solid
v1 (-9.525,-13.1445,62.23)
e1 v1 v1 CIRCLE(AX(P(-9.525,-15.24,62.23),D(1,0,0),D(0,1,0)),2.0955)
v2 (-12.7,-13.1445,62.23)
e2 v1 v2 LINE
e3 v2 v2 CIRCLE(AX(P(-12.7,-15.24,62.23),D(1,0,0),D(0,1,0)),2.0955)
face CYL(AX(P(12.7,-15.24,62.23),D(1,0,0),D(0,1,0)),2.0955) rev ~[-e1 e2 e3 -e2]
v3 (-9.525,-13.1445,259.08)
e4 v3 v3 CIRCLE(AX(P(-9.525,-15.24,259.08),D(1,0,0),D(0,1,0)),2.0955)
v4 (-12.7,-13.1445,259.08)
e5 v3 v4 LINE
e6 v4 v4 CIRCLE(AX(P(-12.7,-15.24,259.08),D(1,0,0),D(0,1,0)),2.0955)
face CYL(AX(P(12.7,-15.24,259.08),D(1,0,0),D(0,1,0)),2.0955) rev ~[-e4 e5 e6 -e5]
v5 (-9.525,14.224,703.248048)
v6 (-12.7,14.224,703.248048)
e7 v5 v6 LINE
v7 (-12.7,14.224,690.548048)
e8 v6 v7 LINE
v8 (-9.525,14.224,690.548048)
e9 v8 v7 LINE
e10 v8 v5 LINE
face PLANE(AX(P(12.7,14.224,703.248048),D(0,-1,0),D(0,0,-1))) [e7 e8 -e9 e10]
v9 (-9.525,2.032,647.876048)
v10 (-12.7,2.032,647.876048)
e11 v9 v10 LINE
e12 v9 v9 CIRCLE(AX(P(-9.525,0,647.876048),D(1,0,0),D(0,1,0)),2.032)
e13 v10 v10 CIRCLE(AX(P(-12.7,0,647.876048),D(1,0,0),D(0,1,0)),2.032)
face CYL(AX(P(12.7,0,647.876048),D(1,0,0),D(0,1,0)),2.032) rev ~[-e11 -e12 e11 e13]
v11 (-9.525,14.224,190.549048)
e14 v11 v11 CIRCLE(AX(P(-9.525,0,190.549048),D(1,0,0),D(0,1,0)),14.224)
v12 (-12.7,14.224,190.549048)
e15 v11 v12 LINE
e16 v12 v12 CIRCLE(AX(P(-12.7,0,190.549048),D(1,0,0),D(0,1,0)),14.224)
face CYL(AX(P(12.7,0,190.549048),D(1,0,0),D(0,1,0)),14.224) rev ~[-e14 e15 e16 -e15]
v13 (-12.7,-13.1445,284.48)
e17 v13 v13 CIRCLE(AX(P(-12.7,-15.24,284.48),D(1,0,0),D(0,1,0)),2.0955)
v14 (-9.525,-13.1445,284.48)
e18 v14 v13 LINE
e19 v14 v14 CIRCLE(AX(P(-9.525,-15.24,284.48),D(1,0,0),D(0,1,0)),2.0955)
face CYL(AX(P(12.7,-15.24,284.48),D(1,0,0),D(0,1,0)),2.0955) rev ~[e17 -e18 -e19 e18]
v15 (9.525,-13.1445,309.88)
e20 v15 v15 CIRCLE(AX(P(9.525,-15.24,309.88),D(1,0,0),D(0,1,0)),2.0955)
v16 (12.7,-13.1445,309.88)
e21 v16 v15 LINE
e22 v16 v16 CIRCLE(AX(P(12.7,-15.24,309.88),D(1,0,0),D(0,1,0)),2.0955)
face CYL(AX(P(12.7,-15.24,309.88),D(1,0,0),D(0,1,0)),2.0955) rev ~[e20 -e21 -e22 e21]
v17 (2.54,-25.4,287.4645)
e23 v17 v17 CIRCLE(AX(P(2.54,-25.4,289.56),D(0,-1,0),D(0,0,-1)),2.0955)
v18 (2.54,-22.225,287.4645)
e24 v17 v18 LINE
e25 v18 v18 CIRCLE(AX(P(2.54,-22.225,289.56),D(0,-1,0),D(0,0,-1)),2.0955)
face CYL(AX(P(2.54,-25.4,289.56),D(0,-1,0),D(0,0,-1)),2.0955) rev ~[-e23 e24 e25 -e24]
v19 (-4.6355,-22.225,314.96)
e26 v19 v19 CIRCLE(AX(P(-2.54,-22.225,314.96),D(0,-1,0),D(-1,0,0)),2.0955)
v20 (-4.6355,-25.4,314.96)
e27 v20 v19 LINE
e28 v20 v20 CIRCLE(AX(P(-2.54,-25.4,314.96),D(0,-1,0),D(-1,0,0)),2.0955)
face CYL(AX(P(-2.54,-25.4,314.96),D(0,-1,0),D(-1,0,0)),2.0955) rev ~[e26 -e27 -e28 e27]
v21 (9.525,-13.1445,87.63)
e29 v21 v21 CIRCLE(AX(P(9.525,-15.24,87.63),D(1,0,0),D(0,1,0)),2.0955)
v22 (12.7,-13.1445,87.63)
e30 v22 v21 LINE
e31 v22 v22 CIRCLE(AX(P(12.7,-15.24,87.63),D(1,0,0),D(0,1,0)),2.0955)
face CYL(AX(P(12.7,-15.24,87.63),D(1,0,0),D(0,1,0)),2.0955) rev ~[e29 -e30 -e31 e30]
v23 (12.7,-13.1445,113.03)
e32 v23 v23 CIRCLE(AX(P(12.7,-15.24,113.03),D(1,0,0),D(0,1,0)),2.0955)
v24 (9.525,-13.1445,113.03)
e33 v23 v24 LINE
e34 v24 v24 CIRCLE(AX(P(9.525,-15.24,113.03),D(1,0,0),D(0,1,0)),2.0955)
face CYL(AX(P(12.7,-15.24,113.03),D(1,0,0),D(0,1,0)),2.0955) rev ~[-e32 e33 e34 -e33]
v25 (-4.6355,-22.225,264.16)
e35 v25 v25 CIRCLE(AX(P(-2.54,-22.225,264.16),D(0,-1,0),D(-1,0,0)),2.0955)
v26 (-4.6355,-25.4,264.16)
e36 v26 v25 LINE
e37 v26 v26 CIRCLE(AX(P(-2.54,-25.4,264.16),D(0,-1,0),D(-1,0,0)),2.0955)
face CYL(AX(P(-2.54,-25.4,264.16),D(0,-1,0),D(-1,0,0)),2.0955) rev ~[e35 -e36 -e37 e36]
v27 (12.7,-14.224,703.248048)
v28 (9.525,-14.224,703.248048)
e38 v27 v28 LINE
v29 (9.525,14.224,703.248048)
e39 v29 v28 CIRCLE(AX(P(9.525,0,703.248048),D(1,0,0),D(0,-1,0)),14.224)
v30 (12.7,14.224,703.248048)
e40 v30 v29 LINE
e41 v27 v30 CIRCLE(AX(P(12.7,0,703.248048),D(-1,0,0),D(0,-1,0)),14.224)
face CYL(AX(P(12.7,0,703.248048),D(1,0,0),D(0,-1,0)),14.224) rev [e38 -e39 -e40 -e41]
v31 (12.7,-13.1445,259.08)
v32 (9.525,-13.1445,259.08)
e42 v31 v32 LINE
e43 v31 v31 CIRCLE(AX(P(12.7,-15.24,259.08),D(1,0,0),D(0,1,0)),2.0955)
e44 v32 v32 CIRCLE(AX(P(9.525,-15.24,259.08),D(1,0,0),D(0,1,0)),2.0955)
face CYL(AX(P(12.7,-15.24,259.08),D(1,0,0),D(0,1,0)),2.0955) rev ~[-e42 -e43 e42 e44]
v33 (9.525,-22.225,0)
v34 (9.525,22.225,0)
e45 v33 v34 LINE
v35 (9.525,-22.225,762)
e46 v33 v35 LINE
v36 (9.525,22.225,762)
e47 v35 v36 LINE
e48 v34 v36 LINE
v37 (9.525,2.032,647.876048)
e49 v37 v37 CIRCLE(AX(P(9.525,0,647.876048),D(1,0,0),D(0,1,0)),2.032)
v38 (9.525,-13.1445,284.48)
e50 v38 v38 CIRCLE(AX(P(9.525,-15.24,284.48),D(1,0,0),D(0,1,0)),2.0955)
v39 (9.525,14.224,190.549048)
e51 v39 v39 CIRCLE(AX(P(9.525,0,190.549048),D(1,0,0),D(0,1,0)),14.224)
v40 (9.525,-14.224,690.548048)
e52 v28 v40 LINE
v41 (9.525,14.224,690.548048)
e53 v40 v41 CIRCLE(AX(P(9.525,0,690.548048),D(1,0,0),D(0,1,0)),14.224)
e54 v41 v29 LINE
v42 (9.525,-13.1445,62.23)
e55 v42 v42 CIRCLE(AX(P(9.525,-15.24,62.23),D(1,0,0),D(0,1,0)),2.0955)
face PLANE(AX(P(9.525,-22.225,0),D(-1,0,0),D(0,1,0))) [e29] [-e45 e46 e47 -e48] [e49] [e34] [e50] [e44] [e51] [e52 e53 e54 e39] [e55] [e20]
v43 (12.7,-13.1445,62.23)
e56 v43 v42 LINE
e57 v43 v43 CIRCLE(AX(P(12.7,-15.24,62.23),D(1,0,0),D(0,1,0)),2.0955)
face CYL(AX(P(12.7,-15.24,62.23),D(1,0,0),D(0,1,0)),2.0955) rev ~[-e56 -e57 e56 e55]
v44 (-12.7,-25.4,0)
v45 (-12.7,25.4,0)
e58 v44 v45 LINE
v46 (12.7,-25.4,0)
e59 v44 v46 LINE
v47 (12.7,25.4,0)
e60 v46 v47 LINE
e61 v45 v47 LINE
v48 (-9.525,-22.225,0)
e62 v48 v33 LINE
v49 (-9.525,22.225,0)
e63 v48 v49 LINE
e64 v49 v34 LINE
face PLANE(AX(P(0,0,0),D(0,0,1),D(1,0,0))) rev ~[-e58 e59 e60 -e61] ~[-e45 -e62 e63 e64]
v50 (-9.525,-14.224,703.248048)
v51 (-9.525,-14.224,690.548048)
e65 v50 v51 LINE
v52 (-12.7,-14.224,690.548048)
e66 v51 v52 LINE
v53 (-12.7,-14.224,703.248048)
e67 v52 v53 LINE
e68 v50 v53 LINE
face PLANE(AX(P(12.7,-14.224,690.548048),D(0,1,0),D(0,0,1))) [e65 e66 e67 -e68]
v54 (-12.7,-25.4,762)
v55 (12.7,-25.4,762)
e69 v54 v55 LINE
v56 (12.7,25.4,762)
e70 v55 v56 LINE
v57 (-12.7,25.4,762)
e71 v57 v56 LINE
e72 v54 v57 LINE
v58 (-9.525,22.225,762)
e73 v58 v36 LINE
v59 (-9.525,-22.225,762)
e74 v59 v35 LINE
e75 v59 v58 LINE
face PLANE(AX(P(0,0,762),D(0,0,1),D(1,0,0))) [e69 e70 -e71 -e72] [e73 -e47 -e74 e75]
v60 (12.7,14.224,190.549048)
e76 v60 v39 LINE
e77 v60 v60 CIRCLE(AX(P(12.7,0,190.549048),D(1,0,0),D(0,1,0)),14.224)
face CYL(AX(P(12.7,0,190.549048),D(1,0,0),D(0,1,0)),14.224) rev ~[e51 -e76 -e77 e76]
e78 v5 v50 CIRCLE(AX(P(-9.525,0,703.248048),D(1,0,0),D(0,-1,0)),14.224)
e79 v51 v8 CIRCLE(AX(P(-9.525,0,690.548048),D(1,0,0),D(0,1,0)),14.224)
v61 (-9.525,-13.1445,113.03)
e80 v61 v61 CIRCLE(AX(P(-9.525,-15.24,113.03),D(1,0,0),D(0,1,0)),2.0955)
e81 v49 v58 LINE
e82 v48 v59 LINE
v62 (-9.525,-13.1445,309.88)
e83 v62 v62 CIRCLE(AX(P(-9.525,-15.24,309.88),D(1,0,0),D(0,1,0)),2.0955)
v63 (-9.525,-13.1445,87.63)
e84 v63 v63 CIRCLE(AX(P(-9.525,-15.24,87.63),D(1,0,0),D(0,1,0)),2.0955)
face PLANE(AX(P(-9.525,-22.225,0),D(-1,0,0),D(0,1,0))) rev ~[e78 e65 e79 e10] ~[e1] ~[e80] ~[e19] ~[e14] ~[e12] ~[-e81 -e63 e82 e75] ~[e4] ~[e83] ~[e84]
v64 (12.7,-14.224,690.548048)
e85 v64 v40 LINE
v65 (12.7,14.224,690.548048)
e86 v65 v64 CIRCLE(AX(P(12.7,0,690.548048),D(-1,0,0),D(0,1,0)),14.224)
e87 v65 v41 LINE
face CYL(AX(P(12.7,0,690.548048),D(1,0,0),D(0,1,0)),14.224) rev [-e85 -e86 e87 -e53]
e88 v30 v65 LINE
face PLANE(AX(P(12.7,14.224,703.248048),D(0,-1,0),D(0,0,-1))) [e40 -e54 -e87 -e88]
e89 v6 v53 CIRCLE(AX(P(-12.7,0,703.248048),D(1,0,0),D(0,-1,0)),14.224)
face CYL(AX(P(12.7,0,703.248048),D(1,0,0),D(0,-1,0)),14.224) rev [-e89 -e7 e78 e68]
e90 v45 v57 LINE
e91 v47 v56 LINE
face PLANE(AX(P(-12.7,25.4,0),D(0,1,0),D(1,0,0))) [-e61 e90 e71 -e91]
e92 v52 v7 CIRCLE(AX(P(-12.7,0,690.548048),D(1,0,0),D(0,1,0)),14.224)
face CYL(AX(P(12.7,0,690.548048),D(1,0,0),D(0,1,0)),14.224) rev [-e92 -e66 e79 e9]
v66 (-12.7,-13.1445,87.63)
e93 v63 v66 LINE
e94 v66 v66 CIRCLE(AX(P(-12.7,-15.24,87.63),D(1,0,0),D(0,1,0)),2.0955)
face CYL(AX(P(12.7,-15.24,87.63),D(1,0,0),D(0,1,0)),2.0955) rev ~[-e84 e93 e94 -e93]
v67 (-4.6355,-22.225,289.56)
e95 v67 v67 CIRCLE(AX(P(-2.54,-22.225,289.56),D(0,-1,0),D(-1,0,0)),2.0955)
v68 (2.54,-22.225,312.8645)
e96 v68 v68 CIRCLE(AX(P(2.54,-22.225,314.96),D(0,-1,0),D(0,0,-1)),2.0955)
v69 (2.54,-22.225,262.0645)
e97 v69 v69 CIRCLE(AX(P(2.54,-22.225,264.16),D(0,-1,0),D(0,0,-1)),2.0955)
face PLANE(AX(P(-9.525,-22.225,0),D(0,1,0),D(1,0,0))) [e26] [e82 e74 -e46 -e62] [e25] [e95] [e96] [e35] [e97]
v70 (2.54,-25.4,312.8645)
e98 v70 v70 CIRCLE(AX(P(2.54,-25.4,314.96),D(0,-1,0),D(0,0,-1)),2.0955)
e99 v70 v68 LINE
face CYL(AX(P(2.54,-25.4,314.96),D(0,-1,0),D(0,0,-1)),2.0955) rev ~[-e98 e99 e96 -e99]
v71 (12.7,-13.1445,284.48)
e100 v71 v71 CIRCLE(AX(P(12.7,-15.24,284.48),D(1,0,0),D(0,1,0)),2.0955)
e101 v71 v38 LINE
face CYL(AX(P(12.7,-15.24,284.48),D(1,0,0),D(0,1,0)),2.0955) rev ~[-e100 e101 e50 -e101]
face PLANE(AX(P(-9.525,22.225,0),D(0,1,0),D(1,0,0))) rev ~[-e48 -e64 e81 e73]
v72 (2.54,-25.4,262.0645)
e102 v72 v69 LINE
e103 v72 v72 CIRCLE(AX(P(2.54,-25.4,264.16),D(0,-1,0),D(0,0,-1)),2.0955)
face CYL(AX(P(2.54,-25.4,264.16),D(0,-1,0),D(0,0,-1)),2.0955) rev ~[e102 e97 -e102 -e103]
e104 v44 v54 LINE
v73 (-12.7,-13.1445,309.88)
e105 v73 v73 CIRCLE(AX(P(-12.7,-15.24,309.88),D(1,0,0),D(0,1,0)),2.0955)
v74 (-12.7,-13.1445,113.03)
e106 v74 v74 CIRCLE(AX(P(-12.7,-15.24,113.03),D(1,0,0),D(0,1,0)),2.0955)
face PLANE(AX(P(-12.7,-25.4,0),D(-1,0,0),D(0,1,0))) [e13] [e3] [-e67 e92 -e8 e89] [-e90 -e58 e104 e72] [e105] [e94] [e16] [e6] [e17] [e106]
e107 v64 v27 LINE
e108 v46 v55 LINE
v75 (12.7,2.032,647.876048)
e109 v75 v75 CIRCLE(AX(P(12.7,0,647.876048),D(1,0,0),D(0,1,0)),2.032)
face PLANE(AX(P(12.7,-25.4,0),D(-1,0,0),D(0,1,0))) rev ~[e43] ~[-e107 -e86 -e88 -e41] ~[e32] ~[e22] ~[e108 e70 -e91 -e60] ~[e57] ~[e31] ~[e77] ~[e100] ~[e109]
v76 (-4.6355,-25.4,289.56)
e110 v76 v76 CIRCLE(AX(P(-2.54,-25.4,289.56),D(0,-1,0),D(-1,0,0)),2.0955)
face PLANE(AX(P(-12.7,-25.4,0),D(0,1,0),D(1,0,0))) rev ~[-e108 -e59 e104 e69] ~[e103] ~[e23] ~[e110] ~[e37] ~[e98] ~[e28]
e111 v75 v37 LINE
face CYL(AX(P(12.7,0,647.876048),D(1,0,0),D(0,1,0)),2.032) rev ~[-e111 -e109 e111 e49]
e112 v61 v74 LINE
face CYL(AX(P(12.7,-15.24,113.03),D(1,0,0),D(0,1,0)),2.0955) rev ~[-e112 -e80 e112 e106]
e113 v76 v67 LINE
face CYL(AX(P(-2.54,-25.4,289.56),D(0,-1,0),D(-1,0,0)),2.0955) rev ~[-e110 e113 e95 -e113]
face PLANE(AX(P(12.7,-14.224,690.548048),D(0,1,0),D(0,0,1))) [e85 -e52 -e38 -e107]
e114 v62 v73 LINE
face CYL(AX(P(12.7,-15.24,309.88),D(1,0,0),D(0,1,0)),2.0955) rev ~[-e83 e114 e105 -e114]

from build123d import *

# Parameters (mm, degrees)
SKETCH1_W           = 25.4
SKETCH1_H           = 50.8
SKETCH1_W_2         = 19.05
SKETCH1_H_2         = 44.45
BOSS_EXTRUDE1_DEPTH = 762
CUT_EXTRUDE1_REACH  = 764.846
SKETCH4_R           = 14.224
SKETCH4_R_2         = 2.032
SKETCH5_R           = 2.0955
CUT_EXTRUDE2_DEPTH  = 3.175
CUT_EXTRUDE3_REACH  = 764.846
SKETCH7_R           = 2.0955


with BuildPart() as part:
    # Sketch1 → Boss-Extrude1 (new body)
    with BuildSketch(Plane.XY):
        Rectangle(SKETCH1_W, SKETCH1_H)
        Rectangle(SKETCH1_W_2, SKETCH1_H_2, mode=Mode.SUBTRACT)
    extrude(amount=BOSS_EXTRUDE1_DEPTH)

    # Cut-Extrude1: up to this face of the body (flat: up to its plane)
    cut_extrude1_end = Plane(part.part.faces().sort_by_distance((-12.7, 0, 381))[0])
    # Sketch4 → Cut-Extrude1 (cut, up to the picked face)
    with BuildSketch(Plane(origin=(12.7, 0, 0), x_dir=(0, 0, -1), z_dir=(1, 0, 0)), mode=Mode.PRIVATE) as cut_extrude1_sk1:
        with Locations(Location((-190.549048411, 0, 0), (0, 0, 90))):
            Circle(SKETCH4_R)
    cut_extrude1_tool1 = split(extrude(cut_extrude1_sk1.sketch, amount=-CUT_EXTRUDE1_REACH, mode=Mode.PRIVATE), bisect_by=cut_extrude1_end, keep=Keep.BOTH, mode=Mode.PRIVATE)
    # Sketch4 → Cut-Extrude1 (cut, up to the picked face)
    with BuildSketch(Plane(origin=(12.7, 0, 0), x_dir=(0, 0, -1), z_dir=(1, 0, 0)), mode=Mode.PRIVATE) as cut_extrude1_sk2:
        with Locations(Location((-647.876048411, 0, 0), (0, 0, 90))):
            Circle(SKETCH4_R_2)
    cut_extrude1_tool2 = split(extrude(cut_extrude1_sk2.sketch, amount=-CUT_EXTRUDE1_REACH, mode=Mode.PRIVATE), bisect_by=cut_extrude1_end, keep=Keep.BOTH, mode=Mode.PRIVATE)
    # Sketch4 → Cut-Extrude1 (cut, up to the picked face)
    with BuildSketch(Plane(origin=(12.7, 0, 0), x_dir=(0, 0, -1), z_dir=(1, 0, 0)), mode=Mode.PRIVATE) as cut_extrude1_sk3:
        with BuildLine():
            Line((-703.248048411, 14.224), (-690.548048411, 14.224))
            ThreePointArc((-690.548048411, 14.224), (-676.324048411, 0), (-690.548048411, -14.224))
            Line((-690.548048411, -14.224), (-703.248048411, -14.224))
            ThreePointArc((-703.248048411, -14.224), (-717.472048411, 0), (-703.248048411, 14.224))
        make_face()
    cut_extrude1_tool3 = split(extrude(cut_extrude1_sk3.sketch, amount=-CUT_EXTRUDE1_REACH, mode=Mode.PRIVATE), bisect_by=cut_extrude1_end, keep=Keep.BOTH, mode=Mode.PRIVATE)
    add(cut_extrude1_tool1.solids().sort_by(Axis((12.7, 0, 190.549048), (-1, 0, 0)))[0], mode=Mode.SUBTRACT)
    add(cut_extrude1_tool2.solids().sort_by(Axis((12.7, 0, 647.876048), (-1, 0, 0)))[0], mode=Mode.SUBTRACT)
    add(cut_extrude1_tool3.solids().sort_by(Axis((12.7, 0, 696.898048), (-1, 0, 0)))[0], mode=Mode.SUBTRACT)

    # Sketch5 → Cut-Extrude2 (cut)
    with BuildSketch(Plane.XZ.offset(25.4)):
        with Locations(Location((2.54, 264.16, 0), (0, 0, 270))):
            Circle(SKETCH5_R)
        with Locations(Location((2.54, 289.56, 0), (0, 0, 270))):
            Circle(SKETCH5_R)
        with Locations(Location((2.54, 314.96, 0), (0, 0, 270))):
            Circle(SKETCH5_R)
        with Locations(Location((-2.54, 264.16, 0), (0, 0, 180))):
            Circle(SKETCH5_R)
        with Locations(Location((-2.54, 289.56, 0), (0, 0, 180))):
            Circle(SKETCH5_R)
        with Locations(Location((-2.54, 314.96, 0), (0, 0, 180))):
            Circle(SKETCH5_R)
    extrude(amount=-CUT_EXTRUDE2_DEPTH, mode=Mode.SUBTRACT)

    # Cut-Extrude3: up to this face of the body (flat: up to its plane)
    cut_extrude3_end = Plane(part.part.faces().sort_by_distance((-12.7, 0, 375.676024133))[0])
    # Sketch7 → Cut-Extrude3 (cut, up to the picked face)
    with BuildSketch(Plane(origin=(12.7, 0, 0), x_dir=(0, 0, -1), z_dir=(1, 0, 0)), mode=Mode.PRIVATE) as cut_extrude3_sk1:
        with Locations(Location((-259.08, -15.24, 0), (0, 0, 90))):
            Circle(SKETCH7_R)
    cut_extrude3_tool1 = split(extrude(cut_extrude3_sk1.sketch, amount=-CUT_EXTRUDE3_REACH, mode=Mode.PRIVATE), bisect_by=cut_extrude3_end, keep=Keep.BOTH, mode=Mode.PRIVATE)
    # Sketch7 → Cut-Extrude3 (cut, up to the picked face)
    with BuildSketch(Plane(origin=(12.7, 0, 0), x_dir=(0, 0, -1), z_dir=(1, 0, 0)), mode=Mode.PRIVATE) as cut_extrude3_sk2:
        with Locations(Location((-284.48, -15.24, 0), (0, 0, 90))):
            Circle(SKETCH7_R)
    cut_extrude3_tool2 = split(extrude(cut_extrude3_sk2.sketch, amount=-CUT_EXTRUDE3_REACH, mode=Mode.PRIVATE), bisect_by=cut_extrude3_end, keep=Keep.BOTH, mode=Mode.PRIVATE)
    # Sketch7 → Cut-Extrude3 (cut, up to the picked face)
    with BuildSketch(Plane(origin=(12.7, 0, 0), x_dir=(0, 0, -1), z_dir=(1, 0, 0)), mode=Mode.PRIVATE) as cut_extrude3_sk3:
        with Locations(Location((-309.88, -15.24, 0), (0, 0, 90))):
            Circle(SKETCH7_R)
    cut_extrude3_tool3 = split(extrude(cut_extrude3_sk3.sketch, amount=-CUT_EXTRUDE3_REACH, mode=Mode.PRIVATE), bisect_by=cut_extrude3_end, keep=Keep.BOTH, mode=Mode.PRIVATE)
    # Sketch7 → Cut-Extrude3 (cut, up to the picked face)
    with BuildSketch(Plane(origin=(12.7, 0, 0), x_dir=(0, 0, -1), z_dir=(1, 0, 0)), mode=Mode.PRIVATE) as cut_extrude3_sk4:
        with Locations(Location((-87.63, -15.24, 0), (0, 0, 90))):
            Circle(SKETCH7_R)
    cut_extrude3_tool4 = split(extrude(cut_extrude3_sk4.sketch, amount=-CUT_EXTRUDE3_REACH, mode=Mode.PRIVATE), bisect_by=cut_extrude3_end, keep=Keep.BOTH, mode=Mode.PRIVATE)
    # Sketch7 → Cut-Extrude3 (cut, up to the picked face)
    with BuildSketch(Plane(origin=(12.7, 0, 0), x_dir=(0, 0, -1), z_dir=(1, 0, 0)), mode=Mode.PRIVATE) as cut_extrude3_sk5:
        with Locations(Location((-62.23, -15.24, 0), (0, 0, 90))):
            Circle(SKETCH7_R)
    cut_extrude3_tool5 = split(extrude(cut_extrude3_sk5.sketch, amount=-CUT_EXTRUDE3_REACH, mode=Mode.PRIVATE), bisect_by=cut_extrude3_end, keep=Keep.BOTH, mode=Mode.PRIVATE)
    # Sketch7 → Cut-Extrude3 (cut, up to the picked face)
    with BuildSketch(Plane(origin=(12.7, 0, 0), x_dir=(0, 0, -1), z_dir=(1, 0, 0)), mode=Mode.PRIVATE) as cut_extrude3_sk6:
        with Locations(Location((-113.03, -15.24, 0), (0, 0, 90))):
            Circle(SKETCH7_R)
    cut_extrude3_tool6 = split(extrude(cut_extrude3_sk6.sketch, amount=-CUT_EXTRUDE3_REACH, mode=Mode.PRIVATE), bisect_by=cut_extrude3_end, keep=Keep.BOTH, mode=Mode.PRIVATE)
    add(cut_extrude3_tool1.solids().sort_by(Axis((12.7, -15.24, 259.08), (-1, 0, 0)))[0], mode=Mode.SUBTRACT)
    add(cut_extrude3_tool2.solids().sort_by(Axis((12.7, -15.24, 284.48), (-1, 0, 0)))[0], mode=Mode.SUBTRACT)
    add(cut_extrude3_tool3.solids().sort_by(Axis((12.7, -15.24, 309.88), (-1, 0, 0)))[0], mode=Mode.SUBTRACT)
    add(cut_extrude3_tool4.solids().sort_by(Axis((12.7, -15.24, 87.63), (-1, 0, 0)))[0], mode=Mode.SUBTRACT)
    add(cut_extrude3_tool5.solids().sort_by(Axis((12.7, -15.24, 62.23), (-1, 0, 0)))[0], mode=Mode.SUBTRACT)
    add(cut_extrude3_tool6.solids().sort_by(Axis((12.7, -15.24, 113.03), (-1, 0, 0)))[0], mode=Mode.SUBTRACT)


solid = part.part
